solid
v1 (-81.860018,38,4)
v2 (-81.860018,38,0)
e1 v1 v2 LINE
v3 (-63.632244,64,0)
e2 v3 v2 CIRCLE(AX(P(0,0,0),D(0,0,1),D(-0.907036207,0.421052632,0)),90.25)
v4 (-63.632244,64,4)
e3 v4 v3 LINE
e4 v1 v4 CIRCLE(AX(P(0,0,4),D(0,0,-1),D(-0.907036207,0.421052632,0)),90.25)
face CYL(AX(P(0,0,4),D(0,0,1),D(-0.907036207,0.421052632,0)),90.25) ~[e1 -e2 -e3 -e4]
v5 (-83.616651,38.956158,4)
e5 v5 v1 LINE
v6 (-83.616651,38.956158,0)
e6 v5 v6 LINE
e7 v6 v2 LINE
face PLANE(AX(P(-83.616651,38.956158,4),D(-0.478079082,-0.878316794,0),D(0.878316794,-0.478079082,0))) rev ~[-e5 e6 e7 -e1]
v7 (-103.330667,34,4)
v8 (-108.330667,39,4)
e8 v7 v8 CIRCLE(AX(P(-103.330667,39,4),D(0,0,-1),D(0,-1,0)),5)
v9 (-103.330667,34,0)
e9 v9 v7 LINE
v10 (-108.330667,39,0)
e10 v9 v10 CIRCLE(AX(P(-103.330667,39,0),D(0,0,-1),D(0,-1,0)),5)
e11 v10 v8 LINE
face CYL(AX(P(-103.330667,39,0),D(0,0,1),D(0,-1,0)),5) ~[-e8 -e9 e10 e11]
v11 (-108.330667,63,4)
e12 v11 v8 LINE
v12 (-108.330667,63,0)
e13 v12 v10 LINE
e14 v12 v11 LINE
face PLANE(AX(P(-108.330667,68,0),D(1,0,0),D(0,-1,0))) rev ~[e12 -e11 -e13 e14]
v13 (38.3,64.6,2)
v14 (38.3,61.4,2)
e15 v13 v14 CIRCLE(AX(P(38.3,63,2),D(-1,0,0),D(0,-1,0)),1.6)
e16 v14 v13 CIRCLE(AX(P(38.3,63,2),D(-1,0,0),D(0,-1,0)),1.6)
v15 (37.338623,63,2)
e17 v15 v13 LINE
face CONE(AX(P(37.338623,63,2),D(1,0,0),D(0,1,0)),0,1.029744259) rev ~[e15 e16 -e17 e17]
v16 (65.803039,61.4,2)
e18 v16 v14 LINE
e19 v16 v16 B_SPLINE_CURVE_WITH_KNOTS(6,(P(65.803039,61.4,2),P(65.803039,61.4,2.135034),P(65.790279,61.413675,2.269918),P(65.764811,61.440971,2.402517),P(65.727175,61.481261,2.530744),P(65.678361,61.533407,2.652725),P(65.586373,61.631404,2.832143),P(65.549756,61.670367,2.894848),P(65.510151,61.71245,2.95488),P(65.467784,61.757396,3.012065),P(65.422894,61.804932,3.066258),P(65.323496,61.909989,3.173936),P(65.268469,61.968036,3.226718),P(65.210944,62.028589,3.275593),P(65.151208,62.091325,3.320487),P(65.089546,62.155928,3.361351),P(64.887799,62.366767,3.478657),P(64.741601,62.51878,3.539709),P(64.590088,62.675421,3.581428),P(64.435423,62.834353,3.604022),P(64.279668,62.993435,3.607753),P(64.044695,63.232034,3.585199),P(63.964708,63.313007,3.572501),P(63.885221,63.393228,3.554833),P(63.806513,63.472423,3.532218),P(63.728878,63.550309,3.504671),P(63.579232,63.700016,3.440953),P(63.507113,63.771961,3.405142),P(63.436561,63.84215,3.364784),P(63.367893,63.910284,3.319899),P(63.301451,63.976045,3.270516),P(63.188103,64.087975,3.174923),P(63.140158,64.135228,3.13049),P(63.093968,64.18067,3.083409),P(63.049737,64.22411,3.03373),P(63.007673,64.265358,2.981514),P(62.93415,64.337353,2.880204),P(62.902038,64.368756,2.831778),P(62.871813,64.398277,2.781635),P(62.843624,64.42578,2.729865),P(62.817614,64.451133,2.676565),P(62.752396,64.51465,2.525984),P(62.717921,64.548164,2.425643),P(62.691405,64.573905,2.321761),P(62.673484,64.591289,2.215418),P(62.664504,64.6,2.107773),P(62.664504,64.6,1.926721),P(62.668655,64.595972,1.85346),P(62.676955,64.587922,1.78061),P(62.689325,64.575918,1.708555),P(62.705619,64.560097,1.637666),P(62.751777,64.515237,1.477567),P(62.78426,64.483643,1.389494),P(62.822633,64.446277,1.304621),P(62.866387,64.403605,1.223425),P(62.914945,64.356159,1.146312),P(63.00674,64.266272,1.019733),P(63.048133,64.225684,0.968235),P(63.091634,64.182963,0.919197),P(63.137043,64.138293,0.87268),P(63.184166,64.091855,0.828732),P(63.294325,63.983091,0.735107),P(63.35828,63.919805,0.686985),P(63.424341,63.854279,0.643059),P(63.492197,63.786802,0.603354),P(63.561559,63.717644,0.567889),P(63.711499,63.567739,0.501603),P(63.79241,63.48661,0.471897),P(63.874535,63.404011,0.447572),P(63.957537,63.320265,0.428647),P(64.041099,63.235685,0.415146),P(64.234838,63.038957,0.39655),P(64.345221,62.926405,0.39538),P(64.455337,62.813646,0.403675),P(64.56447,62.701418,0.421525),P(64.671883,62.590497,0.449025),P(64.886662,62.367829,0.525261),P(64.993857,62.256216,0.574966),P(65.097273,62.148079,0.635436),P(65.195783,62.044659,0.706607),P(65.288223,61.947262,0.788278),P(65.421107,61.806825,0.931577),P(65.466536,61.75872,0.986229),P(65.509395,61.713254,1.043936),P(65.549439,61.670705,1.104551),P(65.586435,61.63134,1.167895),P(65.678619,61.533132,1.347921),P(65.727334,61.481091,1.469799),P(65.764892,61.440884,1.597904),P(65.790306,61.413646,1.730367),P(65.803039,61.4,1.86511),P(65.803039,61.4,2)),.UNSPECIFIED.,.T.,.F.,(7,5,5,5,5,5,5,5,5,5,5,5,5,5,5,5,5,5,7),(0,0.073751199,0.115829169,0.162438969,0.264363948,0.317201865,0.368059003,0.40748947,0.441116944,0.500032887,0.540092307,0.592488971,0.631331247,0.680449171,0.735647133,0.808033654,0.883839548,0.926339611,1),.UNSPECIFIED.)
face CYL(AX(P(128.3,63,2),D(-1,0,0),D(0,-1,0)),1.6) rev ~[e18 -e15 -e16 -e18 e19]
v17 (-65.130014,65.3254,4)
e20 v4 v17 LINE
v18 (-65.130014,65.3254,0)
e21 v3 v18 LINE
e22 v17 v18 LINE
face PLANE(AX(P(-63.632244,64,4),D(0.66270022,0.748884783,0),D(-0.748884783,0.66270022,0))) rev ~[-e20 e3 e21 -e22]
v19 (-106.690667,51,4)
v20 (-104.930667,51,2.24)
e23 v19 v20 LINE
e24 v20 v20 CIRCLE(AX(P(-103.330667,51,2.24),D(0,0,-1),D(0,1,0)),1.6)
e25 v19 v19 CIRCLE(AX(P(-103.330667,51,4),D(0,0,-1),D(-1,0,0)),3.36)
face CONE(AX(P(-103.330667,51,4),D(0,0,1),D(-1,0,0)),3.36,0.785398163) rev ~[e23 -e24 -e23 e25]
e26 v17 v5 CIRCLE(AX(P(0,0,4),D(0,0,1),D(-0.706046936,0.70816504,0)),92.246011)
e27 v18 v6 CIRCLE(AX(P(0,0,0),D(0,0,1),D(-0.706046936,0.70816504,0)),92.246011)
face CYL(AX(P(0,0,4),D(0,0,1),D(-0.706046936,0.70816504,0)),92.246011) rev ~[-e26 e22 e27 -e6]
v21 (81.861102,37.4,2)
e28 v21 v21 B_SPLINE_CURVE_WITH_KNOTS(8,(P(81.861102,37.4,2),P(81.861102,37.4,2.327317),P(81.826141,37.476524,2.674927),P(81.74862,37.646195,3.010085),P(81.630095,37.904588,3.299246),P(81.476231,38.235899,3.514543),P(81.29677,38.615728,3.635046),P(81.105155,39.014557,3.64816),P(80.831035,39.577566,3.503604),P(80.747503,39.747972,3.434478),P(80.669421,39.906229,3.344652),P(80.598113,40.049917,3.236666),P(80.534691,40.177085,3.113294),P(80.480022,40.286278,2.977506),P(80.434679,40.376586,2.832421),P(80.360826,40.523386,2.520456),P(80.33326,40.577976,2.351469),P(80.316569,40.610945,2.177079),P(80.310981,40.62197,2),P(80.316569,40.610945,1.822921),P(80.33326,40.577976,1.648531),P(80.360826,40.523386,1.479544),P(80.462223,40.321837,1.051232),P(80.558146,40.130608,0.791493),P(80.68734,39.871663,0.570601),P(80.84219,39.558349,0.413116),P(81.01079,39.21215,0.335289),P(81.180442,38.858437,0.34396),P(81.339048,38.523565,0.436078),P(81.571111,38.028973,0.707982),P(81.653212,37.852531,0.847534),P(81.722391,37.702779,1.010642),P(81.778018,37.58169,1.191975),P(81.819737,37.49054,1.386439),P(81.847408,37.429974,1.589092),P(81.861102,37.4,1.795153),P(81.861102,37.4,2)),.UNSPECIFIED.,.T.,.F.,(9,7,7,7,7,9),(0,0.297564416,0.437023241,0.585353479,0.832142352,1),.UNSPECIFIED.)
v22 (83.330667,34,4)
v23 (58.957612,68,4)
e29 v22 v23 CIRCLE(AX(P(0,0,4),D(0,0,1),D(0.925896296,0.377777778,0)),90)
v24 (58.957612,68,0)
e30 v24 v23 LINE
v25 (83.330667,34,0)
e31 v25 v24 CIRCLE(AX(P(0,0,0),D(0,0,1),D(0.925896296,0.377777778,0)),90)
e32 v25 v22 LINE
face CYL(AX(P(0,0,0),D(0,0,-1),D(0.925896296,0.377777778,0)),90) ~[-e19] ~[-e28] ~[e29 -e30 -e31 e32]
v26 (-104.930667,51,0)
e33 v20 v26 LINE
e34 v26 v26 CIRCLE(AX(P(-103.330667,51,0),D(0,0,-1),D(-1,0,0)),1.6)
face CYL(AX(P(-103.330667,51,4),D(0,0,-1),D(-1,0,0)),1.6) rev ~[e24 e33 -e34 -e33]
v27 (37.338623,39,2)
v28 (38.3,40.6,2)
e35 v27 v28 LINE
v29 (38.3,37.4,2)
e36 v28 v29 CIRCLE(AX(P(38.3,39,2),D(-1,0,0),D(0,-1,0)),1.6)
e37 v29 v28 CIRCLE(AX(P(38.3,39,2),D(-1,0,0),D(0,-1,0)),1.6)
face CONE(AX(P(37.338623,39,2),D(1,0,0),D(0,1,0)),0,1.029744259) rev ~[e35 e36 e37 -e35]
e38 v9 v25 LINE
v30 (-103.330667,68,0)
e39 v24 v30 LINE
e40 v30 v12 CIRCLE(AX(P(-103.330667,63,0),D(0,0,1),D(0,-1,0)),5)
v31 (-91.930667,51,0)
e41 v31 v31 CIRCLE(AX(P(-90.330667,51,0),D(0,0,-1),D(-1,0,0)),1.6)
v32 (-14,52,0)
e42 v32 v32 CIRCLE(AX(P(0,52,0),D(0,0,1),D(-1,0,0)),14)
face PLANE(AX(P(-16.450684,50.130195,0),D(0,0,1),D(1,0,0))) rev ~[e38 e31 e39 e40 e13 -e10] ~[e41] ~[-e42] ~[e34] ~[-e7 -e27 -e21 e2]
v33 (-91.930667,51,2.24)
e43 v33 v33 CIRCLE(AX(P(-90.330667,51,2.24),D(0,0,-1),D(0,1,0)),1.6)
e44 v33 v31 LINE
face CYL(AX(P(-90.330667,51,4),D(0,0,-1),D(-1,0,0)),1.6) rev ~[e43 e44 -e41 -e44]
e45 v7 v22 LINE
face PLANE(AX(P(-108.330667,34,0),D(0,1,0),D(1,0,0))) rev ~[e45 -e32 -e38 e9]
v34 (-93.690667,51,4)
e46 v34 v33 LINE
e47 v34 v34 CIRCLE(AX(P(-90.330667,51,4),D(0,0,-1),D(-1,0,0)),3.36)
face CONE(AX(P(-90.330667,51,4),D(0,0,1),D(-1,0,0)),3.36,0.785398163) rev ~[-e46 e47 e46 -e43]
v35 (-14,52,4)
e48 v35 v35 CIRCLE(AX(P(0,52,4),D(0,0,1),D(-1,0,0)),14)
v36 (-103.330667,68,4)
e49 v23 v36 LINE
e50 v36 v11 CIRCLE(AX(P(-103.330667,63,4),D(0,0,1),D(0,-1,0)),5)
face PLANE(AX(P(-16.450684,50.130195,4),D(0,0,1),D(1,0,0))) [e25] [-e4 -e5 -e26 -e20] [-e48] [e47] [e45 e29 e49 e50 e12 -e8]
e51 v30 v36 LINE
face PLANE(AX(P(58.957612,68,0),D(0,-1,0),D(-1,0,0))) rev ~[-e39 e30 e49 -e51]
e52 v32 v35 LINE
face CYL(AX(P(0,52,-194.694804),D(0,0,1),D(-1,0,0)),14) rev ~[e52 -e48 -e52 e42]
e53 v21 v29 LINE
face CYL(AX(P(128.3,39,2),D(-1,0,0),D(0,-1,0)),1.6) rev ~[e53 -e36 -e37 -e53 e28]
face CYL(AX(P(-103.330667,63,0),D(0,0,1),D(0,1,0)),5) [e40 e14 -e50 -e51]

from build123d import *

# Parameters (mm, degrees)
F3_DEPTH        = 4
F4_DEPTH        = 4
F7_D            = 3.2
F7_DEPTH        = 45
F7_TIP          = 0.9613769904
F8_D            = 28
F10_D           = 3.2
F10_DEPTH       = 60
F10_CSINK_D     = 6.72
F10_CSINK_ANGLE = 90
F10_TIP         = 0.9613769904
F12_DEPTH       = 4.0010001
F13_R           = 5


with BuildPart() as f3:
    # F0 (on Top) → F3 (new body)
    with BuildSketch(Plane.XY):
        with BuildLine():
            Line((-83.330666624, 34), (83.330666624, 34))
            ThreePointArc((83.330666624, 34), (73.1470337796, 52.4357840529), (58.9576118919, 68))
            Line((58.9576118919, 68), (-58.9576118919, 68))
            Line((-58.9576118919, 68), (-108.330666624, 68))
            Line((-108.330666624, 68), (-108.330666624, 34))
            Line((-108.330666624, 34), (-83.330666624, 34))
        make_face()
    extrude(amount=F3_DEPTH)

    # F0 (on Top) → F4 (join)
    with BuildSketch(Plane.XY):
        with BuildLine():
            Line((-83.330666624, 34), (83.330666624, 34))
            ThreePointArc((83.330666624, 34), (73.1470337796, 52.4357840529), (58.9576118919, 68))
            Line((58.9576118919, 68), (-58.9576118919, 68))
            Line((-58.9576118919, 68), (-108.330666624, 68))
            Line((-108.330666624, 68), (-108.330666624, 34))
            Line((-108.330666624, 34), (-83.330666624, 34))
        make_face()
    extrude(amount=F4_DEPTH)

    # F7
    with Locations(Plane.YZ.offset(83.3)):
        with Locations((63, 2), (39, 2)):
            Hole(F7_D / 2, depth=F7_DEPTH)
            with Locations((0, 0, -(F7_DEPTH + F7_TIP / 2))):  # 118° drill point
                Cone(0, F7_D / 2, F7_TIP, mode=Mode.SUBTRACT)

    # F8 (through all)
    with Locations(Plane(origin=(0, 0, 0), x_dir=(1, 0, 0), z_dir=(0, 0, -1))):
        with Locations((0, -52)):
            Hole(F8_D / 2)

    # F10
    with Locations(Plane.XY.offset(4)):
        with Locations((-103.330666624, 51), (-90.330666624, 51)):
            CounterSinkHole(F10_D / 2, F10_CSINK_D / 2, depth=F10_DEPTH, counter_sink_angle=F10_CSINK_ANGLE)
            with Locations((0, 0, -(F10_DEPTH + F10_TIP / 2))):  # 118° drill point
                Cone(0, F10_D / 2, F10_TIP, mode=Mode.SUBTRACT)

    # F11 (on face) → F12 (cut, through all)
    with BuildSketch(Plane.XY.offset(4)):
        with BuildLine():
            ThreePointArc((-81.8600177132, 38), (-73.8985762248, 51.8079427496), (-63.6322441848, 64))
            Line((-63.6322441848, 64), (-65.1300137514, 65.3254004397))
            ThreePointArc((-65.1300137514, 65.3254004397), (-75.5329519196, 52.9537515968), (-83.6166513022, 38.9561581637))
            Line((-83.6166513022, 38.9561581637), (-81.8600177132, 38))
        make_face()
    extrude(amount=-F12_DEPTH, mode=Mode.SUBTRACT)

    # F13
    f13_edges = [f3.edges().sort_by_distance(p)[0] for p in [
        (-108.330667, 34, 2),
        (-108.330667, 68, 2),
    ]]
    fillet(f13_edges, radius=F13_R)


solid = f3.part
